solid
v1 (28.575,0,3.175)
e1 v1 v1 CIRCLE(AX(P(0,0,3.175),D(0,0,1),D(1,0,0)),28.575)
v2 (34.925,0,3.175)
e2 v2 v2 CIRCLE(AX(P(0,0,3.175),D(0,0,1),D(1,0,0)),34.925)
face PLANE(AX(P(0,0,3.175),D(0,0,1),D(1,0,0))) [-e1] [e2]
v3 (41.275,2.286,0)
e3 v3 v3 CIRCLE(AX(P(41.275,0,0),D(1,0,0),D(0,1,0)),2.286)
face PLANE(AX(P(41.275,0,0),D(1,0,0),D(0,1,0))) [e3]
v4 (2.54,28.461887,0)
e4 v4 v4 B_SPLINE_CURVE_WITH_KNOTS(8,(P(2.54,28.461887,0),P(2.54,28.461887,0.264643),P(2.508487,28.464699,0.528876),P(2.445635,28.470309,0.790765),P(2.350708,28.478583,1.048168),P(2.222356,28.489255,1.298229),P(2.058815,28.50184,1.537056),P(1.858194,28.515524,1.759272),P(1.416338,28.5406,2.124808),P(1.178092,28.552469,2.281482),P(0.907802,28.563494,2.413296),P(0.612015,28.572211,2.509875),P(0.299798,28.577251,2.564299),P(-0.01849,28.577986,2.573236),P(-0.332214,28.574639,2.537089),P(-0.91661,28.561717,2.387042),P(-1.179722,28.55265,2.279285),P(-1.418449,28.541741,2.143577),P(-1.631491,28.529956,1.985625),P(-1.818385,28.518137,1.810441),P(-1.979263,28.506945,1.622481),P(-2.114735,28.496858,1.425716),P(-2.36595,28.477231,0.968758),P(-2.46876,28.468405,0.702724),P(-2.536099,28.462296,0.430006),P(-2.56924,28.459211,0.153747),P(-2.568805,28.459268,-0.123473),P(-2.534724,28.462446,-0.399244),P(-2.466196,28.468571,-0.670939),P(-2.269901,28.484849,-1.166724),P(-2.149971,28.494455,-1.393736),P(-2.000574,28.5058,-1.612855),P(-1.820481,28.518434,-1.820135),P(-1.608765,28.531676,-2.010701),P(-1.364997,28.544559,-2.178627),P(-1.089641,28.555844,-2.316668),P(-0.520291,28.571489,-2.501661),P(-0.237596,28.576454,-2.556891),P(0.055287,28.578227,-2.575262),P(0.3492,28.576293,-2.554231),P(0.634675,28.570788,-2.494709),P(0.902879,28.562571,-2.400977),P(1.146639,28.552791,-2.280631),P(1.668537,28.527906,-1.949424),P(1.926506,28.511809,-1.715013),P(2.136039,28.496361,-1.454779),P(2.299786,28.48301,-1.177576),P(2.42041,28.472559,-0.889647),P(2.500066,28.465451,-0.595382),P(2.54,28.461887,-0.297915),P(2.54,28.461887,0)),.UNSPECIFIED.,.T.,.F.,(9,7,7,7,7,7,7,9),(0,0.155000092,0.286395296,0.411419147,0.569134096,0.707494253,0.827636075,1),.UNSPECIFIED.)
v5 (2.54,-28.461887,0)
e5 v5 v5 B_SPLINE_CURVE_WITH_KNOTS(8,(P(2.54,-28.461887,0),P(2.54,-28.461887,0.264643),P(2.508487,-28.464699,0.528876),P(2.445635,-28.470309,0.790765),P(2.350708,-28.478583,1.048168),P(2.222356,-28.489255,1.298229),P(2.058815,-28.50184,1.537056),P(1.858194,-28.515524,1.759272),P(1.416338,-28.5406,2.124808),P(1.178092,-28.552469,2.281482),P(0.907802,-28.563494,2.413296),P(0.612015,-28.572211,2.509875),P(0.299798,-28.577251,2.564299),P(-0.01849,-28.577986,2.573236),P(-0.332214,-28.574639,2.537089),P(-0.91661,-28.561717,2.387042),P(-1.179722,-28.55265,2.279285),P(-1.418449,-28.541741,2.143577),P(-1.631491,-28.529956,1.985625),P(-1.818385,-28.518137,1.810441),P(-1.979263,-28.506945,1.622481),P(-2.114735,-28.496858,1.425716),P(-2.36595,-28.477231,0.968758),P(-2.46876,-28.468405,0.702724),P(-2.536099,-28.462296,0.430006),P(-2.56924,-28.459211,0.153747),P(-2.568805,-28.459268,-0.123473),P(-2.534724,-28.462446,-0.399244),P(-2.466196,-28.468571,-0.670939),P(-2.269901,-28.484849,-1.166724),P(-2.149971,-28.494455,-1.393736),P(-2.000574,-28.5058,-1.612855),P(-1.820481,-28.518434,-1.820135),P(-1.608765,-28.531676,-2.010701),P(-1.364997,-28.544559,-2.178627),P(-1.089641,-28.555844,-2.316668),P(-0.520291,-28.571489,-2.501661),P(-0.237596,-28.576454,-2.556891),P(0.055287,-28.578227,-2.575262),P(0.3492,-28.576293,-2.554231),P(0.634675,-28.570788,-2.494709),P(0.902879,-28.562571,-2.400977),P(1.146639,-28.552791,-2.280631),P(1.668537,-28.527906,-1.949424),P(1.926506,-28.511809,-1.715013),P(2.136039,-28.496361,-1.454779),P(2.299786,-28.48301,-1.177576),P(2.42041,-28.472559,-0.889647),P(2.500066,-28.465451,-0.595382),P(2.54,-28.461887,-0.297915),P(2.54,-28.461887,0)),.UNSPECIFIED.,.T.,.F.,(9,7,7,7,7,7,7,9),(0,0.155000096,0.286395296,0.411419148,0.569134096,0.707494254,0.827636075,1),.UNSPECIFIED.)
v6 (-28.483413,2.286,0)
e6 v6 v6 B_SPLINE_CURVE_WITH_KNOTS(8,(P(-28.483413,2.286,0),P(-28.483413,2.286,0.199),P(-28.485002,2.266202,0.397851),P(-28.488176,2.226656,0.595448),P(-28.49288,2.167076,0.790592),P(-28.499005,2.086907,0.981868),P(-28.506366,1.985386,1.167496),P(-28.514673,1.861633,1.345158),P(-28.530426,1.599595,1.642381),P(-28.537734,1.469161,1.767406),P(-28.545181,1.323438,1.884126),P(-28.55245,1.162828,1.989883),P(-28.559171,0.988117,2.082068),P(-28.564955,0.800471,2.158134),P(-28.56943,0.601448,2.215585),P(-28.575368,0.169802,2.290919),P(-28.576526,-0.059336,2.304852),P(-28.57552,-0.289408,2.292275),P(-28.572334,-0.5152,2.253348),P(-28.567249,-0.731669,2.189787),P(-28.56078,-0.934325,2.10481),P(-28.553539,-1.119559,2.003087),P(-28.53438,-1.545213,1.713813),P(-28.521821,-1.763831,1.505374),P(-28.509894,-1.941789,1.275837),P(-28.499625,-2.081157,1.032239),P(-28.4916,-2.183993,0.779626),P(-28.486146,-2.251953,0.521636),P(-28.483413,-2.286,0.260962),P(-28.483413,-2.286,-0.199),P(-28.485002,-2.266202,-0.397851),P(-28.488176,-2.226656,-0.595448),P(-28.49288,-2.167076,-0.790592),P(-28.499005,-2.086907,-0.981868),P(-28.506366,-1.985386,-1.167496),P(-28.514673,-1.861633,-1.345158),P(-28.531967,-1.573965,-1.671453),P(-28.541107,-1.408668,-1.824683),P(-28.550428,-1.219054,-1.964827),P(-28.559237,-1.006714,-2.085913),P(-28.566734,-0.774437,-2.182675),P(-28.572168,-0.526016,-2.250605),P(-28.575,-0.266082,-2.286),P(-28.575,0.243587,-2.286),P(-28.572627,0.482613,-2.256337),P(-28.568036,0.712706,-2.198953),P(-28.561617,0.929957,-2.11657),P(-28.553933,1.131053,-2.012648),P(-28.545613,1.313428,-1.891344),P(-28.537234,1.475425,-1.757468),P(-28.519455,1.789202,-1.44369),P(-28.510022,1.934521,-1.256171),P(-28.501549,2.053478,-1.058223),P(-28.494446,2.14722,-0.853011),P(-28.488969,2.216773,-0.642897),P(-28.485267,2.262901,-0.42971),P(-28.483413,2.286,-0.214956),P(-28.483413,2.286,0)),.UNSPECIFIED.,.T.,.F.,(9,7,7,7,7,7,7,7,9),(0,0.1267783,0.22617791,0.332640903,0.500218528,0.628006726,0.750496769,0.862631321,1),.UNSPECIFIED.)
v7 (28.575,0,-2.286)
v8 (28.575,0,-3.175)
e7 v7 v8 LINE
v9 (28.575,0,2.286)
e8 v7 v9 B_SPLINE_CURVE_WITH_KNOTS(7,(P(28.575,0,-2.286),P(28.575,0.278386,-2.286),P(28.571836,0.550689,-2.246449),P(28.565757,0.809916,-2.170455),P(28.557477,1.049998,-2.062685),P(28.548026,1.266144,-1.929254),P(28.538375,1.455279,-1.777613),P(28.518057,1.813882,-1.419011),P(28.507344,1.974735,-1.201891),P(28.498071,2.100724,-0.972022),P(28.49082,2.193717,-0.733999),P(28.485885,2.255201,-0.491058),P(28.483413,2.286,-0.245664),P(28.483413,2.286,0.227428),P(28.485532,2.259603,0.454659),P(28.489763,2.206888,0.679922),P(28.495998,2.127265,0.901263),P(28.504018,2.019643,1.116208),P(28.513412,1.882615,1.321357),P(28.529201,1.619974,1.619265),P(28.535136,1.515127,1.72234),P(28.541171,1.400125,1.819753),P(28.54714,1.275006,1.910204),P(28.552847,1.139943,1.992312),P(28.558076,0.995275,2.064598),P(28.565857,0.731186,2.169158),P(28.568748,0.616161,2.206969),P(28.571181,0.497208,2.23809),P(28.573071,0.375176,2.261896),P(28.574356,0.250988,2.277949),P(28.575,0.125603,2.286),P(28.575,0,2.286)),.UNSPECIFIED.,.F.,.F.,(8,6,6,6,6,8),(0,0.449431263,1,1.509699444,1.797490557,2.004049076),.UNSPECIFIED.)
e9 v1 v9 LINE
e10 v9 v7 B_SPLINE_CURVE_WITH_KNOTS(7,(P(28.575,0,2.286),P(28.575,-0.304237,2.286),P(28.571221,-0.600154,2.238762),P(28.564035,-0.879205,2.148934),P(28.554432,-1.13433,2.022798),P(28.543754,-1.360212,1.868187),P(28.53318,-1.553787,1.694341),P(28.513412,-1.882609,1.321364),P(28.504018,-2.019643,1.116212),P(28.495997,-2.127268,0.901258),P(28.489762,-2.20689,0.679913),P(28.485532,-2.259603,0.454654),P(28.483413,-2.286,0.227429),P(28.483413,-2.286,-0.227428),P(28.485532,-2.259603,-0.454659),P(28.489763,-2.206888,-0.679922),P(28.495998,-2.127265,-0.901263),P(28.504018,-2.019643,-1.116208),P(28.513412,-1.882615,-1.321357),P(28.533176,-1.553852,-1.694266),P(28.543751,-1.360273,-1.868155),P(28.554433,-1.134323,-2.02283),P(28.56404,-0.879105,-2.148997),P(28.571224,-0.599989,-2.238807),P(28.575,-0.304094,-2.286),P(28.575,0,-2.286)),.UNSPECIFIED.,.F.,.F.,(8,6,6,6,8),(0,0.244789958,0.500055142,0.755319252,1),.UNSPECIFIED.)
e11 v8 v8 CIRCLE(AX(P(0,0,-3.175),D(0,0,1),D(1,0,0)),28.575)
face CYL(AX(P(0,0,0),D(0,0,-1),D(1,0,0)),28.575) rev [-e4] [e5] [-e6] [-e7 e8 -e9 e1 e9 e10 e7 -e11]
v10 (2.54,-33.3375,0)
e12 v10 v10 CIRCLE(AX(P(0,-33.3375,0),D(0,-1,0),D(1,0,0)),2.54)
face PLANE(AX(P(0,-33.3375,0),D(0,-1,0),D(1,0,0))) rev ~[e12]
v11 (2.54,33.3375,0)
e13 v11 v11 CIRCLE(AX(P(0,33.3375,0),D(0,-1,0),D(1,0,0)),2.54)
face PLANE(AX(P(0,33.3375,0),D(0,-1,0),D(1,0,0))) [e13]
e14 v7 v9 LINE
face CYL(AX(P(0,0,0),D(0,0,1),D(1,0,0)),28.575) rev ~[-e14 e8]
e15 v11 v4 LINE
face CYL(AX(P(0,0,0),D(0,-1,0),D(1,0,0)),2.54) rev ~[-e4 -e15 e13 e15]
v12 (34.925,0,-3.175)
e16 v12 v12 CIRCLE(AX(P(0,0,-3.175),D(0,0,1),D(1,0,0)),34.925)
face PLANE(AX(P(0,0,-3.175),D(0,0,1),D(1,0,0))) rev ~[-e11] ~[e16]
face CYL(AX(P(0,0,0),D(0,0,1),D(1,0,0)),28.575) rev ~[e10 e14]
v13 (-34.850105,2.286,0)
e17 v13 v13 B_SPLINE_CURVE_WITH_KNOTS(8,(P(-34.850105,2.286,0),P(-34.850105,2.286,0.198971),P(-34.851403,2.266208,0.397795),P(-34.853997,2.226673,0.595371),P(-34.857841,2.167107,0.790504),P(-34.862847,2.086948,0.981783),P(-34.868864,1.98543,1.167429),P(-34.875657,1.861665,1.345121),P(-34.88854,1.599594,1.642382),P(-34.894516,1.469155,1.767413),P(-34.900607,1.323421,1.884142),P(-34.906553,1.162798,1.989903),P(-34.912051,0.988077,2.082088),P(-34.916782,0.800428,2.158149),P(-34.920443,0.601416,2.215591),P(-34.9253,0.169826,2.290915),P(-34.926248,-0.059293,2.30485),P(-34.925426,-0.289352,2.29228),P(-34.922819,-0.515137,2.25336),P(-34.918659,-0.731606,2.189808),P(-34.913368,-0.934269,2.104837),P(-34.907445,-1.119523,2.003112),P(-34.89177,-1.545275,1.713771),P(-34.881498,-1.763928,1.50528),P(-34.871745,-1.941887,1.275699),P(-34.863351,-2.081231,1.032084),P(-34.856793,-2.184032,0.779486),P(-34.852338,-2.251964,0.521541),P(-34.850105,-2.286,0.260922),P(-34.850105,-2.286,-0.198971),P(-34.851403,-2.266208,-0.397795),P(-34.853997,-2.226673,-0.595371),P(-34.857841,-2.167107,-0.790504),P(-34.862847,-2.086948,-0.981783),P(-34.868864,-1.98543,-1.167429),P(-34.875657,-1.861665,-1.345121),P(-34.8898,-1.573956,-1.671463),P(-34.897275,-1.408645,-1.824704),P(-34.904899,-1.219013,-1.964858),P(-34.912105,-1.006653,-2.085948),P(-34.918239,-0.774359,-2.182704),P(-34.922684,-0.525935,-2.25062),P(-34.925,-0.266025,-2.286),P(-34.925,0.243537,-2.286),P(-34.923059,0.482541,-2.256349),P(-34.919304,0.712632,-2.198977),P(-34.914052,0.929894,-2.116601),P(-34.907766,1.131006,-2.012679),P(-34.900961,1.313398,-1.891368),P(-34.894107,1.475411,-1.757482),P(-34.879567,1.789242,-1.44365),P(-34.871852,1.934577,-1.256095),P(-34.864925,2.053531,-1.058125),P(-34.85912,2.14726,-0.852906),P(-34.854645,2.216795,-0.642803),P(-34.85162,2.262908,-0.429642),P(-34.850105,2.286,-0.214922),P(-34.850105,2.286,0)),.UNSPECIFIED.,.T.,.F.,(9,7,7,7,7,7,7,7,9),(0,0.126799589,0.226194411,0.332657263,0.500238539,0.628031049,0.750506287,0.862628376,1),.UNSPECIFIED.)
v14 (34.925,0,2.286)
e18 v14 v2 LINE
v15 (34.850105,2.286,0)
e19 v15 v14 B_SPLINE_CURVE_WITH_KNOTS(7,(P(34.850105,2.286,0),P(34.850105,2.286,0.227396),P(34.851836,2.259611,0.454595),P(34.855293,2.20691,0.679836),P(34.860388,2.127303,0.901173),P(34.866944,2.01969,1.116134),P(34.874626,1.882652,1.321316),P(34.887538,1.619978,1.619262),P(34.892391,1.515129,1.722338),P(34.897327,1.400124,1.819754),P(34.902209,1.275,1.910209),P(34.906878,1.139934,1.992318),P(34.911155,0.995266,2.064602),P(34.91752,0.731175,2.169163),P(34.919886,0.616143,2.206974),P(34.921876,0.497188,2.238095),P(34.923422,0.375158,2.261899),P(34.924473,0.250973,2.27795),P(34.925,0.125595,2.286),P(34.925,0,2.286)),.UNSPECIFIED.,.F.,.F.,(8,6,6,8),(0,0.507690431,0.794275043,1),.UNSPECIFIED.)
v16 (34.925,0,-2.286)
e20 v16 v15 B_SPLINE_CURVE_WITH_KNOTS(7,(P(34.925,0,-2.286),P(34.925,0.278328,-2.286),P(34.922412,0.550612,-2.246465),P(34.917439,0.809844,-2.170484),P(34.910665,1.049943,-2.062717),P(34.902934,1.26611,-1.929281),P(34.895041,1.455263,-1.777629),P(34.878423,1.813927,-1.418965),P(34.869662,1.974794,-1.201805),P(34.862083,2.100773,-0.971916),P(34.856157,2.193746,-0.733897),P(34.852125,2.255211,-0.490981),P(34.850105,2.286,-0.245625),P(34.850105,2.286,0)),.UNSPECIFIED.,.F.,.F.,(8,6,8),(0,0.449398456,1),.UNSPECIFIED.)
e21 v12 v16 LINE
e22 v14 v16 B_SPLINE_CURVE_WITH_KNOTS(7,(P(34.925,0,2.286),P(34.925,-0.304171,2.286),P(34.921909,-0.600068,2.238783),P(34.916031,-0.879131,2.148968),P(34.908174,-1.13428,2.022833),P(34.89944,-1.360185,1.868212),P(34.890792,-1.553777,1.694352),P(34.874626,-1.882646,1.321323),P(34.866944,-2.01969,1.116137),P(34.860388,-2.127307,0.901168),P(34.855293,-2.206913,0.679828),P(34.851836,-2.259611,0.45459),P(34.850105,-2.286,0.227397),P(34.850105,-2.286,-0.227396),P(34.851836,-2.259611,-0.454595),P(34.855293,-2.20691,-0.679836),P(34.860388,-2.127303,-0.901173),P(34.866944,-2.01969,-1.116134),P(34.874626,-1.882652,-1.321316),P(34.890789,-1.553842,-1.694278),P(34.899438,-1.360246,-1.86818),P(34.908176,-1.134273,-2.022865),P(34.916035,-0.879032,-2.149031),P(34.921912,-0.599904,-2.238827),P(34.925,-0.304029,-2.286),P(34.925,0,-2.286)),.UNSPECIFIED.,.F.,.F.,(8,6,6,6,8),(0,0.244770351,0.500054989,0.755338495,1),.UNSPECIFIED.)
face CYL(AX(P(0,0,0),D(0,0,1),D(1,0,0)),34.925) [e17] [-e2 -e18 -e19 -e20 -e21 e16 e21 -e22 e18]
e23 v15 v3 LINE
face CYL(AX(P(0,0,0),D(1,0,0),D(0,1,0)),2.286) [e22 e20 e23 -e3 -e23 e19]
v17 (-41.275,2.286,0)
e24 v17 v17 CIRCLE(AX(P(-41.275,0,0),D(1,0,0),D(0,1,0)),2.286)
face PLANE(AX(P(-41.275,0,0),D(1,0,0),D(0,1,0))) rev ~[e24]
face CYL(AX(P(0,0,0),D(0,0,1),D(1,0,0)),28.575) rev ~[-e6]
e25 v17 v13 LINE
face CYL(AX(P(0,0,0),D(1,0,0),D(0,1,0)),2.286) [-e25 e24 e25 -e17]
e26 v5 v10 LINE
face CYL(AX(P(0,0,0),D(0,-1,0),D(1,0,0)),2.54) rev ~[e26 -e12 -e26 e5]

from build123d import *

# Parameters (mm, degrees)
F0_R     = 34.925
F0_R_2   = 28.575
F1_DEPTH = 3.175
F2_R     = 2.286
F3_DEPTH = 41.275
F4_R     = 2.54
F5_DEPTH = 33.3375
F6_DEPTH = 12.7


with BuildPart() as f1:
    # F0 (on Top) → F1 (new body, symmetric)
    with BuildSketch(Plane.XY):
        Circle(F0_R)
        Circle(F0_R_2, mode=Mode.SUBTRACT)
    extrude(amount=F1_DEPTH, both=True)

    # F2 (on Right) → F3 (join, symmetric)
    with BuildSketch(Plane.YZ):
        Circle(F2_R)
    extrude(amount=F3_DEPTH, both=True)

    # F4 (on Front) → F5 (cut, symmetric)
    with BuildSketch(Plane.XZ):
        Circle(F4_R)
    extrude(amount=F5_DEPTH, both=True, mode=Mode.SUBTRACT)

    # F0 (on Top) → F6 (cut, symmetric)
    with BuildSketch(Plane.XY):
        Circle(F0_R_2)
    extrude(amount=F6_DEPTH, both=True, mode=Mode.SUBTRACT)


solid = f1.part
